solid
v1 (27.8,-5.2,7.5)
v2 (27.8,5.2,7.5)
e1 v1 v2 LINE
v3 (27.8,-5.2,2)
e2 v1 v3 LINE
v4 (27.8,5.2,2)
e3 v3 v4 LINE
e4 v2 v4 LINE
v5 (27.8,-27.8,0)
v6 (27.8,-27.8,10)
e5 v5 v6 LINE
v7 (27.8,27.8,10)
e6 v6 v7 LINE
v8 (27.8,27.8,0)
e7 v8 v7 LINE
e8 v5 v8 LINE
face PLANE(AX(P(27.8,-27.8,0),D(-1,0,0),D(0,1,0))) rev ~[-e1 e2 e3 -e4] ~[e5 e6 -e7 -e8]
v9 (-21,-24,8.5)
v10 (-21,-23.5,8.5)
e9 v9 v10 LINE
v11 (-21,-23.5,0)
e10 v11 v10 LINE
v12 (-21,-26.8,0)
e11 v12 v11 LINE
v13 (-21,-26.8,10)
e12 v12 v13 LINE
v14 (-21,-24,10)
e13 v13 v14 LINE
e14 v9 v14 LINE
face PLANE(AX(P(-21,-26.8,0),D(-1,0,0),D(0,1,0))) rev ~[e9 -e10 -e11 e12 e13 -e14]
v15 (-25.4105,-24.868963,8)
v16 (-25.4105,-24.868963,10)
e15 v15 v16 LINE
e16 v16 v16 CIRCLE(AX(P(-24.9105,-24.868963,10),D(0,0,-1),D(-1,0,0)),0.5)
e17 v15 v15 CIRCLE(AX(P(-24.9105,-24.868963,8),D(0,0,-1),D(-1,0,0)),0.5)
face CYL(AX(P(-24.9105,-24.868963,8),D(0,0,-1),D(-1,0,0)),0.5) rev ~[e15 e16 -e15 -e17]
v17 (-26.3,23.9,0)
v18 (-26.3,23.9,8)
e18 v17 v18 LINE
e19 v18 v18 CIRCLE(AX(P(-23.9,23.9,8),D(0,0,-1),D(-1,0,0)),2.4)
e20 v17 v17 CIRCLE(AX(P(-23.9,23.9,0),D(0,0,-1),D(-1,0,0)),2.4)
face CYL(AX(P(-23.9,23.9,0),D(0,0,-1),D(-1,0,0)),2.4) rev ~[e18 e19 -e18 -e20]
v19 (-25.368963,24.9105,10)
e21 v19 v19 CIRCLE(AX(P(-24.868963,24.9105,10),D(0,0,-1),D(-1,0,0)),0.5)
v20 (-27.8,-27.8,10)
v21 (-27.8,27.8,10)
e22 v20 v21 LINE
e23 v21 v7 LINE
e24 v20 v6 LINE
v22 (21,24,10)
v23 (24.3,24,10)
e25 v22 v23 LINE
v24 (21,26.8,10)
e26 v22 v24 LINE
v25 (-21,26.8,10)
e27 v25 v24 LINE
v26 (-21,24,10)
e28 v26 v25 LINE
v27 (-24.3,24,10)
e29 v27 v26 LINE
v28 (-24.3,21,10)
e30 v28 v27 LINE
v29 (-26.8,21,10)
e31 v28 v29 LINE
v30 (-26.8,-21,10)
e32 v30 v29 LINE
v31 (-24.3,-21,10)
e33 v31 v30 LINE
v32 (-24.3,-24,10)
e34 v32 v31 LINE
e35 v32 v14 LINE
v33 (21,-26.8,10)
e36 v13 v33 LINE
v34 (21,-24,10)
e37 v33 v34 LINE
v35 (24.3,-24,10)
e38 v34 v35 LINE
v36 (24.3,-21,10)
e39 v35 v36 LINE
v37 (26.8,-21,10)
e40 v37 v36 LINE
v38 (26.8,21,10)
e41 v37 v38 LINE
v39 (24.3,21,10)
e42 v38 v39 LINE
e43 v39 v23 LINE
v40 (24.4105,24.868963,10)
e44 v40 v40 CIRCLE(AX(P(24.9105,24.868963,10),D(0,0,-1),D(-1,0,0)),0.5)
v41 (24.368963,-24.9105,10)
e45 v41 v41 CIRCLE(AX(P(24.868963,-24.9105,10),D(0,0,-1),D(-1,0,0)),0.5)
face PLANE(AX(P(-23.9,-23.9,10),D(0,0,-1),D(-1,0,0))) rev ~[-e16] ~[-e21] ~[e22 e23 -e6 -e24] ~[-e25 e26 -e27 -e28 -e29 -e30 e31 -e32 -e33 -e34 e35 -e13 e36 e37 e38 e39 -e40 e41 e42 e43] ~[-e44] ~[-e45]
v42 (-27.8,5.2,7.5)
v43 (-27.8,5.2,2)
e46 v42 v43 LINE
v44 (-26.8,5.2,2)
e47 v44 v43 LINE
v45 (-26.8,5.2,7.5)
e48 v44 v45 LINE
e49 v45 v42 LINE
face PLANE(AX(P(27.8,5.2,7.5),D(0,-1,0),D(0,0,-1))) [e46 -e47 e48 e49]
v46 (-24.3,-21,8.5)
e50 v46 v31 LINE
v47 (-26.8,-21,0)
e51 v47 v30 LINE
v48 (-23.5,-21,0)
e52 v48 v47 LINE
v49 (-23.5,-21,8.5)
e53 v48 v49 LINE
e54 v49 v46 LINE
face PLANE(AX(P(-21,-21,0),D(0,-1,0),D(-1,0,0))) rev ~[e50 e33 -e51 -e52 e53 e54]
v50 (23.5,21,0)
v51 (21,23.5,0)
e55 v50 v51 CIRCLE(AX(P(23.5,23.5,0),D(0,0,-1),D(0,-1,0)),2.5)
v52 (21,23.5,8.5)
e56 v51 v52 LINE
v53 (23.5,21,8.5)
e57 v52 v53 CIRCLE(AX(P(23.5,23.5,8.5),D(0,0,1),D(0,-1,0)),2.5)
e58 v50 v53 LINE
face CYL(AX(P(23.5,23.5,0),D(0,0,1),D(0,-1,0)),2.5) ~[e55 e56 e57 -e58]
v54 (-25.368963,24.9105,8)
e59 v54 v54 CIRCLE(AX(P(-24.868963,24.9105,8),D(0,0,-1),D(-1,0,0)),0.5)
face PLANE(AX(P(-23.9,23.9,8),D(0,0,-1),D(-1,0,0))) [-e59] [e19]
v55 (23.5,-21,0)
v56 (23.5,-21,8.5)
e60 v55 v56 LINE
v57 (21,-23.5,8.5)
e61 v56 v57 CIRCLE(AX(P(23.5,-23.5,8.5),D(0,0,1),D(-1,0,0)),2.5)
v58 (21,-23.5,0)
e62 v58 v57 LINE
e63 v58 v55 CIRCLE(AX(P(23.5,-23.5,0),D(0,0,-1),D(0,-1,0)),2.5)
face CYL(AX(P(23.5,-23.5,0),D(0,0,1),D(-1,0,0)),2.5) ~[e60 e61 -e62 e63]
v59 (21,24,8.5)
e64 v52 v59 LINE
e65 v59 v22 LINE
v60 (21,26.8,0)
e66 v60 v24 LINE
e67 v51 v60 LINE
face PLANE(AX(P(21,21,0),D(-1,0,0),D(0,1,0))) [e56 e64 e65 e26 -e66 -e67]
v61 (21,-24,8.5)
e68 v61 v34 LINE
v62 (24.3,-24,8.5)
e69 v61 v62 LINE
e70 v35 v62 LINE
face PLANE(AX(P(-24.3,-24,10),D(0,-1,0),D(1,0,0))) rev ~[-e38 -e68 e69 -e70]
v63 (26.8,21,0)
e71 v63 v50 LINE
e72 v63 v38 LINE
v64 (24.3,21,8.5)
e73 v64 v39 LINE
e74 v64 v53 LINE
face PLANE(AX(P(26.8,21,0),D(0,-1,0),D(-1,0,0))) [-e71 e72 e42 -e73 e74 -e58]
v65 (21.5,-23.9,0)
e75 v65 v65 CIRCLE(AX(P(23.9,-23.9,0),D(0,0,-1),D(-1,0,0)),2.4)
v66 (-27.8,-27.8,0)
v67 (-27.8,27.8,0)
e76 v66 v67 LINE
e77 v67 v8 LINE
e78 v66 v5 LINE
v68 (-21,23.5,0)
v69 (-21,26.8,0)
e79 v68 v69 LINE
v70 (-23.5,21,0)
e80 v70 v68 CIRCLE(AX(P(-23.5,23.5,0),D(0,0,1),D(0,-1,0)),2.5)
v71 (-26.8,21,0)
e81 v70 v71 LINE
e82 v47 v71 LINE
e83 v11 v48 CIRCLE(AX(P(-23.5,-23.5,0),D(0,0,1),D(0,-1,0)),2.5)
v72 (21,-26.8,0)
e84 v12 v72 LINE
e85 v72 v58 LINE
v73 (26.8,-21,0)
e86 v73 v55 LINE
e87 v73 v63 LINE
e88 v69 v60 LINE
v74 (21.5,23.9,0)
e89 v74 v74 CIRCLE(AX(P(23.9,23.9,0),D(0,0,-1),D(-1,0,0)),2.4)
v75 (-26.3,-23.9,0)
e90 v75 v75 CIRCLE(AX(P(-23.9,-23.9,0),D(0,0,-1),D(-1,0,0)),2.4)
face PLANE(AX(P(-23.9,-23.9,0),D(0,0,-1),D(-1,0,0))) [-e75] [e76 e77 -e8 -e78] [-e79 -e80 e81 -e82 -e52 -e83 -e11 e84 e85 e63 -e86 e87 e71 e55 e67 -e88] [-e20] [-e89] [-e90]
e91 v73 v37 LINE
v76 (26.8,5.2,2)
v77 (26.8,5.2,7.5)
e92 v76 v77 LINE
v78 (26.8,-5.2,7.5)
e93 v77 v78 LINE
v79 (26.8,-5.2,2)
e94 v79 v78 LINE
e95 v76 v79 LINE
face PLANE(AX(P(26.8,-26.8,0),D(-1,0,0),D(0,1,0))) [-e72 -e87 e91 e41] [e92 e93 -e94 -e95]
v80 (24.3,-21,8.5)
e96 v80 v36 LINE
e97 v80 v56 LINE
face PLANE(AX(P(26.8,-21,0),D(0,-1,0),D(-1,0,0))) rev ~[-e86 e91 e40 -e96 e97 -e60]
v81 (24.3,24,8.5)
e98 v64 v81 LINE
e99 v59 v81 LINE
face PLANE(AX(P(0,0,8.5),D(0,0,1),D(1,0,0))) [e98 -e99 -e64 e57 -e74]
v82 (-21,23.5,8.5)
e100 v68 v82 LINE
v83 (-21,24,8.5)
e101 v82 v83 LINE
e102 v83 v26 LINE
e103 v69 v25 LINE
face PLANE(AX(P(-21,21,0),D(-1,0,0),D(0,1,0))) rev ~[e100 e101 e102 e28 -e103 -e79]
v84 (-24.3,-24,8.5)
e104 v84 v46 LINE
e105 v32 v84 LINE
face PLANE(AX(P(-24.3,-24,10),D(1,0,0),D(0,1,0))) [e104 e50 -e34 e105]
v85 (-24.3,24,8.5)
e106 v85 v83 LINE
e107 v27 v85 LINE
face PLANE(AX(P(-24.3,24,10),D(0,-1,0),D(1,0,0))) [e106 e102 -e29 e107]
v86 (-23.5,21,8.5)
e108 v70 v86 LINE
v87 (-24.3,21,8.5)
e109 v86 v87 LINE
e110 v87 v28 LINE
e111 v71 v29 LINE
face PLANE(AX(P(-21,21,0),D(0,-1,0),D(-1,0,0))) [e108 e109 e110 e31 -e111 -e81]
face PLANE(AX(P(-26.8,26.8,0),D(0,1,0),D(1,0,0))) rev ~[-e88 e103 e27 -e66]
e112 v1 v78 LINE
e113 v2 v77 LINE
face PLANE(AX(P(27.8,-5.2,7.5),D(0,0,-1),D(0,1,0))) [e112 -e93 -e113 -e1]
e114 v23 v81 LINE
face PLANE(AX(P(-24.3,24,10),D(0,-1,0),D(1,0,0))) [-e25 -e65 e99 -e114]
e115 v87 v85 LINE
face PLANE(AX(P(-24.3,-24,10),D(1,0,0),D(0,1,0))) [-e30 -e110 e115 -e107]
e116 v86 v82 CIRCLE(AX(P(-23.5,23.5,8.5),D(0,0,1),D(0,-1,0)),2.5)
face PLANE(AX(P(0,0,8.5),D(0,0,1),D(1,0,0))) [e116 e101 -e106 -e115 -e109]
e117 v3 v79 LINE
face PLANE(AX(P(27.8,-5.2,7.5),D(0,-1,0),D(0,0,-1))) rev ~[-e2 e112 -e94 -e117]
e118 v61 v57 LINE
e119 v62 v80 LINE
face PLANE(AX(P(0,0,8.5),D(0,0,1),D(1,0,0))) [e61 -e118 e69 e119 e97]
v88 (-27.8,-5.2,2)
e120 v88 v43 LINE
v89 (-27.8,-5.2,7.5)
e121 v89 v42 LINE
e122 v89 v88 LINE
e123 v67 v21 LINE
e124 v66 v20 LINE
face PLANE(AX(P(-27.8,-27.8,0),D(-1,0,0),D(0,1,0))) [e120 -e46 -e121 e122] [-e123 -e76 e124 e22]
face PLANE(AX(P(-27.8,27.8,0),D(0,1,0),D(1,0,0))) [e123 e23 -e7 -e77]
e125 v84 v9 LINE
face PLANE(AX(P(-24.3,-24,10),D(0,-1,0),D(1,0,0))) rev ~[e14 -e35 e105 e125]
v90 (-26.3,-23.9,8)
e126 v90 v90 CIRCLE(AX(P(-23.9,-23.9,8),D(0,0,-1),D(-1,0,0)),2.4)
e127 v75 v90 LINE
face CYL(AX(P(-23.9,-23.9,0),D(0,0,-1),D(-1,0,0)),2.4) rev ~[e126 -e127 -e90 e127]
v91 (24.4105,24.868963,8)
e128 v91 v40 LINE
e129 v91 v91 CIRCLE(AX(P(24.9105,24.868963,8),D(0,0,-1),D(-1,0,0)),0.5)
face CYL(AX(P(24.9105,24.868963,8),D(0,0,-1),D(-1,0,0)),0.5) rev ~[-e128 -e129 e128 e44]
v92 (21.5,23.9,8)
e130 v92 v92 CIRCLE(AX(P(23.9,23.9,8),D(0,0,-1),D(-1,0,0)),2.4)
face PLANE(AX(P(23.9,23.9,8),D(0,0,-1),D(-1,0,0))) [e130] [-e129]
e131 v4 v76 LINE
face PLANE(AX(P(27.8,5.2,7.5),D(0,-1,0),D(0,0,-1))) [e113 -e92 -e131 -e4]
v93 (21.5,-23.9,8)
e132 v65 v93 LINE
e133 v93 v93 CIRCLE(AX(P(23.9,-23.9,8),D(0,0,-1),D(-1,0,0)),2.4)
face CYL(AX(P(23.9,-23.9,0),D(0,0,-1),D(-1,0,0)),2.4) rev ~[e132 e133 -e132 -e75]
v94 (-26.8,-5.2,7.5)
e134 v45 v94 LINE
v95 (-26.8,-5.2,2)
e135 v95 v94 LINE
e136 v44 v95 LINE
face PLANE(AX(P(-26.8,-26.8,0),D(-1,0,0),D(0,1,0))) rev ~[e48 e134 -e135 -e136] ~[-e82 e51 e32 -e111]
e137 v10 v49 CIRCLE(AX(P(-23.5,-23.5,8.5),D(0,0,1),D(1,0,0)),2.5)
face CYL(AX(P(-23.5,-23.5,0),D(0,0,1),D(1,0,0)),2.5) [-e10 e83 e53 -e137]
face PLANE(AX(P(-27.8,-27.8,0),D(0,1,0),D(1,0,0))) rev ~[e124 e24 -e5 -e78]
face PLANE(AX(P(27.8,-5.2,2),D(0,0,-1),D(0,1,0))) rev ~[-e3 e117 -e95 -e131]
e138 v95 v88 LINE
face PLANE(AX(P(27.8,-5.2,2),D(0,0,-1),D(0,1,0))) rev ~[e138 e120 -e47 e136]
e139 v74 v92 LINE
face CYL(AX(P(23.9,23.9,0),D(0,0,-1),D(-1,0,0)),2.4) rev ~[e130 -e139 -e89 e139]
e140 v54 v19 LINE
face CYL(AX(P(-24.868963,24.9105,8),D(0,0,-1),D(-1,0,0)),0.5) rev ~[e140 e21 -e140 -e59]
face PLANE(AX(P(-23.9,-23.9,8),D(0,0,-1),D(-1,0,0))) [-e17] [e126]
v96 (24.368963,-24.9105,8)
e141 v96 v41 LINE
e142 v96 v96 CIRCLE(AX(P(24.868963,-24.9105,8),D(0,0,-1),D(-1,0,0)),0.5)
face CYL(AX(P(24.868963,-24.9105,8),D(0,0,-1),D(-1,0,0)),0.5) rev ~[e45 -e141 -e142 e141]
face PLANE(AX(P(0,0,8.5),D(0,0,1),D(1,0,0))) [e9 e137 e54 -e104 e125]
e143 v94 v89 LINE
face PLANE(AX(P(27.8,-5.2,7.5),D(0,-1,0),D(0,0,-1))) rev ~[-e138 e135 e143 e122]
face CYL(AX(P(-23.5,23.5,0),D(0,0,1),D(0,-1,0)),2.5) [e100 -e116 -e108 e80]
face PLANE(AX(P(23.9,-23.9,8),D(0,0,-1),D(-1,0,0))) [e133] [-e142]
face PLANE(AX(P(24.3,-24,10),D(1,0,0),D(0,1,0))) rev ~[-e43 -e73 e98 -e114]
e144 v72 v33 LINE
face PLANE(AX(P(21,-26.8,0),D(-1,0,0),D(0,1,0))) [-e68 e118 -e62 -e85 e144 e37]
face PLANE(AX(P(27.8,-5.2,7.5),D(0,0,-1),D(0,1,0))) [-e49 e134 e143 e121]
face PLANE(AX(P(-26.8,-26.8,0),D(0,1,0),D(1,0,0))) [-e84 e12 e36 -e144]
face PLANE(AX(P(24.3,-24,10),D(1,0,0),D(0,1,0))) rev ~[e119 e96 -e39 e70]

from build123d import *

# Parameters (mm, degrees)
SKICA1_W                 = 55.6
SKICA1_H                 = 55.6
SKICA1_W_2               = 53.6
SKICA1_H_2               = 53.6
P_IDAT_VYSUNUT_M1_DEPTH  = 10
SKICA3_W                 = 5.8
SKICA3_H                 = 5.8
P_IDAT_VYSUNUT_M2_DEPTH  = 10
ZAOBLIT1_R               = 2.5
SKICA4_R                 = 2.4
ODEBRAT_VYSUNUT_M1_DEPTH = 8
SKICA5_R                 = 0.5
ODEBRAT_VYSUNUT_M2_DEPTH = 2
SKICA6_W                 = 48.6
SKICA6_H                 = 48
ODEBRAT_VYSUNUT_M3_DEPTH = 1.5
SKICA7_W                 = 5.5
SKICA7_H                 = 10.4
ODEBRAT_VYSUNUT_M4_DEPTH = 55.6


with BuildPart() as part:
    # Skica1 → Přidat vysunutím1 (new body)
    with BuildSketch(Plane.XY):
        Rectangle(SKICA1_W, SKICA1_H)
        Rectangle(SKICA1_W_2, SKICA1_H_2, mode=Mode.SUBTRACT)
    extrude(amount=P_IDAT_VYSUNUT_M1_DEPTH)

    # Skica3 → Přidat vysunutím2 (add)
    with BuildSketch(Plane(origin=(0, 0, 0), x_dir=(-1, 0, 0), z_dir=(0, 0, -1))):
        with Locations((23.9, -23.9)):
            Rectangle(SKICA3_W, SKICA3_H)
        with Locations((23.9, 23.9)):
            Rectangle(SKICA3_W, SKICA3_H)
        with Locations((-23.9, -23.9)):
            Rectangle(SKICA3_W, SKICA3_H)
        with Locations((-23.9, 23.9)):
            Rectangle(SKICA3_W, SKICA3_H)
    extrude(amount=-P_IDAT_VYSUNUT_M2_DEPTH)

    # Zaoblit1
    zaoblit1_edges = [part.edges().sort_by_distance(p)[0] for p in [
        (-21, 21, 5),
        (-21, -21, 5),
        (21, -21, 5),
        (21, 21, 5),
    ]]
    fillet(zaoblit1_edges, radius=ZAOBLIT1_R)

    # Skica4 → Odebrat vysunutím1 (cut)
    with BuildSketch(Plane(origin=(0, 0, 0), x_dir=(-1, 0, 0), z_dir=(0, 0, -1))):
        with Locations((23.9, 23.9)):
            Circle(SKICA4_R)
        with Locations((23.9, -23.9)):
            Circle(SKICA4_R)
        with Locations((-23.9, -23.9)):
            Circle(SKICA4_R)
        with Locations((-23.9, 23.9)):
            Circle(SKICA4_R)
    extrude(amount=-ODEBRAT_VYSUNUT_M1_DEPTH, mode=Mode.SUBTRACT)

    # Skica5 → Odebrat vysunutím2 (cut)
    with BuildSketch(Plane(origin=(0, 0, 8), x_dir=(-1, 0, 0), z_dir=(0, 0, -1))):
        with Locations((24.868963017, 24.910500208)):
            Circle(SKICA5_R)
        with Locations((-24.910500208, 24.868963017)):
            Circle(SKICA5_R)
        with Locations((24.910500208, -24.868963017)):
            Circle(SKICA5_R)
        with Locations((-24.868963017, -24.910500208)):
            Circle(SKICA5_R)
    extrude(amount=-ODEBRAT_VYSUNUT_M2_DEPTH, mode=Mode.SUBTRACT)

    # Skica6 → Odebrat vysunutím3 (cut)
    with BuildSketch(Plane.XY.offset(10)):
        Rectangle(SKICA6_W, SKICA6_H)
    extrude(amount=-ODEBRAT_VYSUNUT_M3_DEPTH, mode=Mode.SUBTRACT)

    # Skica7 → Odebrat vysunutím4 (cut)
    with BuildSketch(Plane(origin=(27.8, 0, 0), x_dir=(0, 0, -1), z_dir=(1, 0, 0))):
        with Locations((-4.75, 0)):
            Rectangle(SKICA7_W, SKICA7_H)
    extrude(amount=-ODEBRAT_VYSUNUT_M4_DEPTH, mode=Mode.SUBTRACT)


solid = part.part
